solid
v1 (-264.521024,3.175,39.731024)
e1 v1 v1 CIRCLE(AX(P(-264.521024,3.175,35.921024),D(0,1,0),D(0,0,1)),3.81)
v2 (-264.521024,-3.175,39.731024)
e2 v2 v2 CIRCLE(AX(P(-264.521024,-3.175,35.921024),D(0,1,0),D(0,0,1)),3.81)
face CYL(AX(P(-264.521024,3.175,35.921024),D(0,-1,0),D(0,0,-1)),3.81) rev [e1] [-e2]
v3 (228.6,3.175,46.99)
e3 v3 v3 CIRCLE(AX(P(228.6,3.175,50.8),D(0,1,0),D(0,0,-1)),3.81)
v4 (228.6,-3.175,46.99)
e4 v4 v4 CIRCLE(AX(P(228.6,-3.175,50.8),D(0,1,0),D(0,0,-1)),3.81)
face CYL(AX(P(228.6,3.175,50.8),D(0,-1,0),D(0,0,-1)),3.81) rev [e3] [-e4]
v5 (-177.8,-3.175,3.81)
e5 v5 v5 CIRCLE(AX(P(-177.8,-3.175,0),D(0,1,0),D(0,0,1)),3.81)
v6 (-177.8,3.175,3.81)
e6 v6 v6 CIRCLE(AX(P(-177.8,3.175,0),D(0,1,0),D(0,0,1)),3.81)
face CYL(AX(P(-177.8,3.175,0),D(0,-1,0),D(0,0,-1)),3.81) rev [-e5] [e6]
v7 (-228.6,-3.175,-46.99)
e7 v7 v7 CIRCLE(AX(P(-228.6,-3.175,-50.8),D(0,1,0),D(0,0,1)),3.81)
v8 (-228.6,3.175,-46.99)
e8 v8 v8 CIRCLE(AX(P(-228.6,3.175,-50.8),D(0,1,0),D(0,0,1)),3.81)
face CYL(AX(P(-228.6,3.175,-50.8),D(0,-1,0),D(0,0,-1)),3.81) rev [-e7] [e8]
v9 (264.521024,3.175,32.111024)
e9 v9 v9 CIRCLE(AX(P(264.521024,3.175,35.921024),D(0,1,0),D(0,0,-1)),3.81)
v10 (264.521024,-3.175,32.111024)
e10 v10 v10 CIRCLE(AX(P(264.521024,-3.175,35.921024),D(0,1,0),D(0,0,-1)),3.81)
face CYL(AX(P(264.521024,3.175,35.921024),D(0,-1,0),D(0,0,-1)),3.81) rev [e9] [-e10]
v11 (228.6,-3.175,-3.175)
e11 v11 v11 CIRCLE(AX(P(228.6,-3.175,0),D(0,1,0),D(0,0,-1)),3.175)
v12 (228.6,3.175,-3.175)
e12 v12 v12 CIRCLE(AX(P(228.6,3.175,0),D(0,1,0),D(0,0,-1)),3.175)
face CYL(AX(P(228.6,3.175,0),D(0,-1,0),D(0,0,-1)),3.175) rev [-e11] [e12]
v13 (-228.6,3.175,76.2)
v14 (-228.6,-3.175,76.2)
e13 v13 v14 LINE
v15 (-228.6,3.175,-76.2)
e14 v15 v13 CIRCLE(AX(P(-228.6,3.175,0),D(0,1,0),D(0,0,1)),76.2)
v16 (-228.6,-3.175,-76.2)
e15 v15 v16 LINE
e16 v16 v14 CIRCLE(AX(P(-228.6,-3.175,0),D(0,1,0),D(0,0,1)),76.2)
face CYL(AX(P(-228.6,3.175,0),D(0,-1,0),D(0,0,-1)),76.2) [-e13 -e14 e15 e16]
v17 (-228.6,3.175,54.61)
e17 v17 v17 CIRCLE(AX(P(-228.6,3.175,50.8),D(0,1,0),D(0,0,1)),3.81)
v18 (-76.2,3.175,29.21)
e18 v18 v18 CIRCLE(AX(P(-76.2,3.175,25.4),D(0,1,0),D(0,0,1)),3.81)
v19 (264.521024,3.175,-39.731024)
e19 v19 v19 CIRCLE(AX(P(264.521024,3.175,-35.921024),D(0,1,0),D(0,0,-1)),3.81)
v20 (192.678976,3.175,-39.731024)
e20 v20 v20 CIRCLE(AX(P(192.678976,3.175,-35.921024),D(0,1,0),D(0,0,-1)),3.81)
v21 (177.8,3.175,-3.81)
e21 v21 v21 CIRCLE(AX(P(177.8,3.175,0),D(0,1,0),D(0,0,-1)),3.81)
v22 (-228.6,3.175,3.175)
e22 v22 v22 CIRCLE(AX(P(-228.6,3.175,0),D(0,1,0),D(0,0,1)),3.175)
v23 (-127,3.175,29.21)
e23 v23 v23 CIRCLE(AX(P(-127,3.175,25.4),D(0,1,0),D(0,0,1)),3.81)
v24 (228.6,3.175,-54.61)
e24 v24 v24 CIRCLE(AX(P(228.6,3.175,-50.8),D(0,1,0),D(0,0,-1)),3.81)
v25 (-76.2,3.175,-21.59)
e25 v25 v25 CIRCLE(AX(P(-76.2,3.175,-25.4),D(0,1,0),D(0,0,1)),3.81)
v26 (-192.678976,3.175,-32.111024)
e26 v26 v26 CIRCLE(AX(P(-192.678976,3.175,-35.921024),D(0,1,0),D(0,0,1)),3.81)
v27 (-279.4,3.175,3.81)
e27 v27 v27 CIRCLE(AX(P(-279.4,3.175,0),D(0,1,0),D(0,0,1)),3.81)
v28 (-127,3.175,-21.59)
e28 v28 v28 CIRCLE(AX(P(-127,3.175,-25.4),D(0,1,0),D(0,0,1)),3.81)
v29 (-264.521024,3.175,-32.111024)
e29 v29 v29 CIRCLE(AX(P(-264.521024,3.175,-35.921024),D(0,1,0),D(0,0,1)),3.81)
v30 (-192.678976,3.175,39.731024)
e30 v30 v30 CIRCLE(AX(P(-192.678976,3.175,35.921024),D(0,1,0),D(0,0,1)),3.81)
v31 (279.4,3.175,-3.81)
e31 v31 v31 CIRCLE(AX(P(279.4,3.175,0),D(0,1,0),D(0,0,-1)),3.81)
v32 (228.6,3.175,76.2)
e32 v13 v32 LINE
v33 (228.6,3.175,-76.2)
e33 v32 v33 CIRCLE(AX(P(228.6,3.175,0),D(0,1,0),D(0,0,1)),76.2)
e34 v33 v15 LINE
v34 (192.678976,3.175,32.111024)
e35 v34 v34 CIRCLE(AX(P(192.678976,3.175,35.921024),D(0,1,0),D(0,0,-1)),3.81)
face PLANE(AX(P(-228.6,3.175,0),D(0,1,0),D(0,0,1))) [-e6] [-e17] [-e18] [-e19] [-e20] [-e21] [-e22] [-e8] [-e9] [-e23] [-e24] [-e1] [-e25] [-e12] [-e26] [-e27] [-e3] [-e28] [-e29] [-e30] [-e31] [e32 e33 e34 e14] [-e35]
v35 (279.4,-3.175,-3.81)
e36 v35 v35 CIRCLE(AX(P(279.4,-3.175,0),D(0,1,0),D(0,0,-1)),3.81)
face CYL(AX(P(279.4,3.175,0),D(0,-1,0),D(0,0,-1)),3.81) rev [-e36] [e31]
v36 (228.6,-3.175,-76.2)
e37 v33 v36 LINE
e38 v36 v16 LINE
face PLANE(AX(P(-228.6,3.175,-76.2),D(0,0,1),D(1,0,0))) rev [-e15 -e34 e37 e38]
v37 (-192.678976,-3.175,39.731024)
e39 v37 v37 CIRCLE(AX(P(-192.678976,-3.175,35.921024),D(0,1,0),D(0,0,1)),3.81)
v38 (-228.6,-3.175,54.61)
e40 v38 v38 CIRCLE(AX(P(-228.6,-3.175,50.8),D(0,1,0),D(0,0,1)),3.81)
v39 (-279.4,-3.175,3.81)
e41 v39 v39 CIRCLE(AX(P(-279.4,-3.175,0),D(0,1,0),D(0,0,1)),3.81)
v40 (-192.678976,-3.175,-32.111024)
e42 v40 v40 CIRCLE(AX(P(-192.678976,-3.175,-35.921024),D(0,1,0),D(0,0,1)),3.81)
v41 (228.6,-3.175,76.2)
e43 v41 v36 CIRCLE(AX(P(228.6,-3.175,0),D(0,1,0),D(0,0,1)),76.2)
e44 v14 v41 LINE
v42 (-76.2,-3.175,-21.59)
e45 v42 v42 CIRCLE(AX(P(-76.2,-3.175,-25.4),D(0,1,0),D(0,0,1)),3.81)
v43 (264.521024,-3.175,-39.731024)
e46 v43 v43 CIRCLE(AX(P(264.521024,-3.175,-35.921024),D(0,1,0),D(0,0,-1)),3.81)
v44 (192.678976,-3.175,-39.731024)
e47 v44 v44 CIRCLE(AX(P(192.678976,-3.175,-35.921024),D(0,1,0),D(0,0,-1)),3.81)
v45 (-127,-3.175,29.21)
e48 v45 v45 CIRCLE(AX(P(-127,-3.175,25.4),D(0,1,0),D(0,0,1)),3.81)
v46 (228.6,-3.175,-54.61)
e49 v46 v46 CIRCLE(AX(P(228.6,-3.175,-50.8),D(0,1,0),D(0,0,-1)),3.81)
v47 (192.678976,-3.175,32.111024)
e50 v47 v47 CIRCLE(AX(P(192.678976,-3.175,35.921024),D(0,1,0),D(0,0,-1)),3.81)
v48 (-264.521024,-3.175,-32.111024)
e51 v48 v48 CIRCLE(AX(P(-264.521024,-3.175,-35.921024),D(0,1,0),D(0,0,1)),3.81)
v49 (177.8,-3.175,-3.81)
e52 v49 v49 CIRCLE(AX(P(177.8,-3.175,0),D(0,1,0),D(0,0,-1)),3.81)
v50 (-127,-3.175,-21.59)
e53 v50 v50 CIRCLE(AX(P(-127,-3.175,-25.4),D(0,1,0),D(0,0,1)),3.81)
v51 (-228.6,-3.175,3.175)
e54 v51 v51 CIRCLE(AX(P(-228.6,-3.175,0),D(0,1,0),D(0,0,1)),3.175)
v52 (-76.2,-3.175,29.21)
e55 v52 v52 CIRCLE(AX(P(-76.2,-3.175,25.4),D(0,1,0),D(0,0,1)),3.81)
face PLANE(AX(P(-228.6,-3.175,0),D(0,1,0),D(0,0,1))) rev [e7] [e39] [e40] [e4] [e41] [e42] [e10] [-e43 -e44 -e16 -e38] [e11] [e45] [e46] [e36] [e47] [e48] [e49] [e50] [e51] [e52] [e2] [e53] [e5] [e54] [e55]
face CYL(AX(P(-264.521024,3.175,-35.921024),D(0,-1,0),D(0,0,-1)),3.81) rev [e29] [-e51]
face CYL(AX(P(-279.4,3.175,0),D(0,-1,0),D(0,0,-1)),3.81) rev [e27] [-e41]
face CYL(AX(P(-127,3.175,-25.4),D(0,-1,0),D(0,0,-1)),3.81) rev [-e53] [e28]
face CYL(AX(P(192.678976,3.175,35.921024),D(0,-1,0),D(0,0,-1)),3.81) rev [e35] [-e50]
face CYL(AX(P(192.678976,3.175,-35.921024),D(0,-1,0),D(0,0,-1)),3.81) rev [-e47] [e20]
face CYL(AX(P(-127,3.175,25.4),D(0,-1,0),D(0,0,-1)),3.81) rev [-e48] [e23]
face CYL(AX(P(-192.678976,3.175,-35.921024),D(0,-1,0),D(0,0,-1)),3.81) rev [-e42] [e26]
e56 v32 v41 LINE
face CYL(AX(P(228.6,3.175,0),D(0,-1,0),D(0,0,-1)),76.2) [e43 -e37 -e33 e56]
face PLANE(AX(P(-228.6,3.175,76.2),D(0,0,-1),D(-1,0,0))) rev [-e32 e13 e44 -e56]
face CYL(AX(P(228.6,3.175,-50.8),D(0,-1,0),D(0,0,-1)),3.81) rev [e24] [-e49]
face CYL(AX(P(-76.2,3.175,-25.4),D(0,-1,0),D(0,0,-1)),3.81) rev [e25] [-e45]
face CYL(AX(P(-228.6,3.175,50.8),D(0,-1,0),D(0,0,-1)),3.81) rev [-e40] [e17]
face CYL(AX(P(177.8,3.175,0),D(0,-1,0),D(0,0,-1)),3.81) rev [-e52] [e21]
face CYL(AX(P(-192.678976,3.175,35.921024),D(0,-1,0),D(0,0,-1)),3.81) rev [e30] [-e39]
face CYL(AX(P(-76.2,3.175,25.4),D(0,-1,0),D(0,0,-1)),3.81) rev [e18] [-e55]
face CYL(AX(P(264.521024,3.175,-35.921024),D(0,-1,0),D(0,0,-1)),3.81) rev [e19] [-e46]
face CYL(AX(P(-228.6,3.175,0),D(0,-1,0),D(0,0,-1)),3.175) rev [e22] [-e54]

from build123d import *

# Parameters (mm, degrees)
SKETCH1_R           = 3.175
SKETCH1_R_2         = 3.81
BOSS_EXTRUDE1_DEPTH = 3.175


with BuildPart() as part:
    # Sketch1 → Boss-Extrude1 (new body, symmetric)
    with BuildSketch(Plane(origin=(0, 0, 0), x_dir=(1, 0, 0), z_dir=(0, 1, 0))):
        with BuildLine():
            Line((-228.6, 76.2), (228.6, 76.2))
            ThreePointArc((228.6, 76.2), (304.8, 0), (228.6, -76.2))
            Line((228.6, -76.2), (-228.6, -76.2))
            ThreePointArc((-228.6, -76.2), (-304.8, 0), (-228.6, 76.2))
        make_face()
        with Locations((-228.6, 0)):
            Circle(SKETCH1_R, mode=Mode.SUBTRACT)
        with Locations((-228.6, 50.8)):
            Circle(SKETCH1_R_2, mode=Mode.SUBTRACT)
        with Locations((-192.678975516, 35.921024484)):
            Circle(SKETCH1_R_2, mode=Mode.SUBTRACT)
        with Locations((-177.8, 0)):
            Circle(SKETCH1_R_2, mode=Mode.SUBTRACT)
        with Locations((-192.678975516, -35.921024484)):
            Circle(SKETCH1_R_2, mode=Mode.SUBTRACT)
        with Locations((-228.6, -50.8)):
            Circle(SKETCH1_R_2, mode=Mode.SUBTRACT)
        with Locations((-264.521024484, -35.921024484)):
            Circle(SKETCH1_R_2, mode=Mode.SUBTRACT)
        with Locations((-279.4, 0)):
            Circle(SKETCH1_R_2, mode=Mode.SUBTRACT)
        with Locations((-264.521024484, 35.921024484)):
            Circle(SKETCH1_R_2, mode=Mode.SUBTRACT)
        with Locations((228.6, 0)):
            Circle(SKETCH1_R, mode=Mode.SUBTRACT)
        with Locations((279.4, 0)):
            Circle(SKETCH1_R_2, mode=Mode.SUBTRACT)
        with Locations((264.521024484, -35.921024484)):
            Circle(SKETCH1_R_2, mode=Mode.SUBTRACT)
        with Locations((228.6, -50.8)):
            Circle(SKETCH1_R_2, mode=Mode.SUBTRACT)
        with Locations((192.678975516, -35.921024484)):
            Circle(SKETCH1_R_2, mode=Mode.SUBTRACT)
        with Locations((177.8, 0)):
            Circle(SKETCH1_R_2, mode=Mode.SUBTRACT)
        with Locations((192.678975516, 35.921024484)):
            Circle(SKETCH1_R_2, mode=Mode.SUBTRACT)
        with Locations((228.6, 50.8)):
            Circle(SKETCH1_R_2, mode=Mode.SUBTRACT)
        with Locations((264.521024484, 35.921024484)):
            Circle(SKETCH1_R_2, mode=Mode.SUBTRACT)
        with Locations((-127, 25.4)):
            Circle(SKETCH1_R_2, mode=Mode.SUBTRACT)
        with Locations((-76.2, -25.4)):
            Circle(SKETCH1_R_2, mode=Mode.SUBTRACT)
        with Locations((-127, -25.4)):
            Circle(SKETCH1_R_2, mode=Mode.SUBTRACT)
        with Locations((-76.2, 25.4)):
            Circle(SKETCH1_R_2, mode=Mode.SUBTRACT)
    extrude(amount=BOSS_EXTRUDE1_DEPTH, both=True)


solid = part.part
